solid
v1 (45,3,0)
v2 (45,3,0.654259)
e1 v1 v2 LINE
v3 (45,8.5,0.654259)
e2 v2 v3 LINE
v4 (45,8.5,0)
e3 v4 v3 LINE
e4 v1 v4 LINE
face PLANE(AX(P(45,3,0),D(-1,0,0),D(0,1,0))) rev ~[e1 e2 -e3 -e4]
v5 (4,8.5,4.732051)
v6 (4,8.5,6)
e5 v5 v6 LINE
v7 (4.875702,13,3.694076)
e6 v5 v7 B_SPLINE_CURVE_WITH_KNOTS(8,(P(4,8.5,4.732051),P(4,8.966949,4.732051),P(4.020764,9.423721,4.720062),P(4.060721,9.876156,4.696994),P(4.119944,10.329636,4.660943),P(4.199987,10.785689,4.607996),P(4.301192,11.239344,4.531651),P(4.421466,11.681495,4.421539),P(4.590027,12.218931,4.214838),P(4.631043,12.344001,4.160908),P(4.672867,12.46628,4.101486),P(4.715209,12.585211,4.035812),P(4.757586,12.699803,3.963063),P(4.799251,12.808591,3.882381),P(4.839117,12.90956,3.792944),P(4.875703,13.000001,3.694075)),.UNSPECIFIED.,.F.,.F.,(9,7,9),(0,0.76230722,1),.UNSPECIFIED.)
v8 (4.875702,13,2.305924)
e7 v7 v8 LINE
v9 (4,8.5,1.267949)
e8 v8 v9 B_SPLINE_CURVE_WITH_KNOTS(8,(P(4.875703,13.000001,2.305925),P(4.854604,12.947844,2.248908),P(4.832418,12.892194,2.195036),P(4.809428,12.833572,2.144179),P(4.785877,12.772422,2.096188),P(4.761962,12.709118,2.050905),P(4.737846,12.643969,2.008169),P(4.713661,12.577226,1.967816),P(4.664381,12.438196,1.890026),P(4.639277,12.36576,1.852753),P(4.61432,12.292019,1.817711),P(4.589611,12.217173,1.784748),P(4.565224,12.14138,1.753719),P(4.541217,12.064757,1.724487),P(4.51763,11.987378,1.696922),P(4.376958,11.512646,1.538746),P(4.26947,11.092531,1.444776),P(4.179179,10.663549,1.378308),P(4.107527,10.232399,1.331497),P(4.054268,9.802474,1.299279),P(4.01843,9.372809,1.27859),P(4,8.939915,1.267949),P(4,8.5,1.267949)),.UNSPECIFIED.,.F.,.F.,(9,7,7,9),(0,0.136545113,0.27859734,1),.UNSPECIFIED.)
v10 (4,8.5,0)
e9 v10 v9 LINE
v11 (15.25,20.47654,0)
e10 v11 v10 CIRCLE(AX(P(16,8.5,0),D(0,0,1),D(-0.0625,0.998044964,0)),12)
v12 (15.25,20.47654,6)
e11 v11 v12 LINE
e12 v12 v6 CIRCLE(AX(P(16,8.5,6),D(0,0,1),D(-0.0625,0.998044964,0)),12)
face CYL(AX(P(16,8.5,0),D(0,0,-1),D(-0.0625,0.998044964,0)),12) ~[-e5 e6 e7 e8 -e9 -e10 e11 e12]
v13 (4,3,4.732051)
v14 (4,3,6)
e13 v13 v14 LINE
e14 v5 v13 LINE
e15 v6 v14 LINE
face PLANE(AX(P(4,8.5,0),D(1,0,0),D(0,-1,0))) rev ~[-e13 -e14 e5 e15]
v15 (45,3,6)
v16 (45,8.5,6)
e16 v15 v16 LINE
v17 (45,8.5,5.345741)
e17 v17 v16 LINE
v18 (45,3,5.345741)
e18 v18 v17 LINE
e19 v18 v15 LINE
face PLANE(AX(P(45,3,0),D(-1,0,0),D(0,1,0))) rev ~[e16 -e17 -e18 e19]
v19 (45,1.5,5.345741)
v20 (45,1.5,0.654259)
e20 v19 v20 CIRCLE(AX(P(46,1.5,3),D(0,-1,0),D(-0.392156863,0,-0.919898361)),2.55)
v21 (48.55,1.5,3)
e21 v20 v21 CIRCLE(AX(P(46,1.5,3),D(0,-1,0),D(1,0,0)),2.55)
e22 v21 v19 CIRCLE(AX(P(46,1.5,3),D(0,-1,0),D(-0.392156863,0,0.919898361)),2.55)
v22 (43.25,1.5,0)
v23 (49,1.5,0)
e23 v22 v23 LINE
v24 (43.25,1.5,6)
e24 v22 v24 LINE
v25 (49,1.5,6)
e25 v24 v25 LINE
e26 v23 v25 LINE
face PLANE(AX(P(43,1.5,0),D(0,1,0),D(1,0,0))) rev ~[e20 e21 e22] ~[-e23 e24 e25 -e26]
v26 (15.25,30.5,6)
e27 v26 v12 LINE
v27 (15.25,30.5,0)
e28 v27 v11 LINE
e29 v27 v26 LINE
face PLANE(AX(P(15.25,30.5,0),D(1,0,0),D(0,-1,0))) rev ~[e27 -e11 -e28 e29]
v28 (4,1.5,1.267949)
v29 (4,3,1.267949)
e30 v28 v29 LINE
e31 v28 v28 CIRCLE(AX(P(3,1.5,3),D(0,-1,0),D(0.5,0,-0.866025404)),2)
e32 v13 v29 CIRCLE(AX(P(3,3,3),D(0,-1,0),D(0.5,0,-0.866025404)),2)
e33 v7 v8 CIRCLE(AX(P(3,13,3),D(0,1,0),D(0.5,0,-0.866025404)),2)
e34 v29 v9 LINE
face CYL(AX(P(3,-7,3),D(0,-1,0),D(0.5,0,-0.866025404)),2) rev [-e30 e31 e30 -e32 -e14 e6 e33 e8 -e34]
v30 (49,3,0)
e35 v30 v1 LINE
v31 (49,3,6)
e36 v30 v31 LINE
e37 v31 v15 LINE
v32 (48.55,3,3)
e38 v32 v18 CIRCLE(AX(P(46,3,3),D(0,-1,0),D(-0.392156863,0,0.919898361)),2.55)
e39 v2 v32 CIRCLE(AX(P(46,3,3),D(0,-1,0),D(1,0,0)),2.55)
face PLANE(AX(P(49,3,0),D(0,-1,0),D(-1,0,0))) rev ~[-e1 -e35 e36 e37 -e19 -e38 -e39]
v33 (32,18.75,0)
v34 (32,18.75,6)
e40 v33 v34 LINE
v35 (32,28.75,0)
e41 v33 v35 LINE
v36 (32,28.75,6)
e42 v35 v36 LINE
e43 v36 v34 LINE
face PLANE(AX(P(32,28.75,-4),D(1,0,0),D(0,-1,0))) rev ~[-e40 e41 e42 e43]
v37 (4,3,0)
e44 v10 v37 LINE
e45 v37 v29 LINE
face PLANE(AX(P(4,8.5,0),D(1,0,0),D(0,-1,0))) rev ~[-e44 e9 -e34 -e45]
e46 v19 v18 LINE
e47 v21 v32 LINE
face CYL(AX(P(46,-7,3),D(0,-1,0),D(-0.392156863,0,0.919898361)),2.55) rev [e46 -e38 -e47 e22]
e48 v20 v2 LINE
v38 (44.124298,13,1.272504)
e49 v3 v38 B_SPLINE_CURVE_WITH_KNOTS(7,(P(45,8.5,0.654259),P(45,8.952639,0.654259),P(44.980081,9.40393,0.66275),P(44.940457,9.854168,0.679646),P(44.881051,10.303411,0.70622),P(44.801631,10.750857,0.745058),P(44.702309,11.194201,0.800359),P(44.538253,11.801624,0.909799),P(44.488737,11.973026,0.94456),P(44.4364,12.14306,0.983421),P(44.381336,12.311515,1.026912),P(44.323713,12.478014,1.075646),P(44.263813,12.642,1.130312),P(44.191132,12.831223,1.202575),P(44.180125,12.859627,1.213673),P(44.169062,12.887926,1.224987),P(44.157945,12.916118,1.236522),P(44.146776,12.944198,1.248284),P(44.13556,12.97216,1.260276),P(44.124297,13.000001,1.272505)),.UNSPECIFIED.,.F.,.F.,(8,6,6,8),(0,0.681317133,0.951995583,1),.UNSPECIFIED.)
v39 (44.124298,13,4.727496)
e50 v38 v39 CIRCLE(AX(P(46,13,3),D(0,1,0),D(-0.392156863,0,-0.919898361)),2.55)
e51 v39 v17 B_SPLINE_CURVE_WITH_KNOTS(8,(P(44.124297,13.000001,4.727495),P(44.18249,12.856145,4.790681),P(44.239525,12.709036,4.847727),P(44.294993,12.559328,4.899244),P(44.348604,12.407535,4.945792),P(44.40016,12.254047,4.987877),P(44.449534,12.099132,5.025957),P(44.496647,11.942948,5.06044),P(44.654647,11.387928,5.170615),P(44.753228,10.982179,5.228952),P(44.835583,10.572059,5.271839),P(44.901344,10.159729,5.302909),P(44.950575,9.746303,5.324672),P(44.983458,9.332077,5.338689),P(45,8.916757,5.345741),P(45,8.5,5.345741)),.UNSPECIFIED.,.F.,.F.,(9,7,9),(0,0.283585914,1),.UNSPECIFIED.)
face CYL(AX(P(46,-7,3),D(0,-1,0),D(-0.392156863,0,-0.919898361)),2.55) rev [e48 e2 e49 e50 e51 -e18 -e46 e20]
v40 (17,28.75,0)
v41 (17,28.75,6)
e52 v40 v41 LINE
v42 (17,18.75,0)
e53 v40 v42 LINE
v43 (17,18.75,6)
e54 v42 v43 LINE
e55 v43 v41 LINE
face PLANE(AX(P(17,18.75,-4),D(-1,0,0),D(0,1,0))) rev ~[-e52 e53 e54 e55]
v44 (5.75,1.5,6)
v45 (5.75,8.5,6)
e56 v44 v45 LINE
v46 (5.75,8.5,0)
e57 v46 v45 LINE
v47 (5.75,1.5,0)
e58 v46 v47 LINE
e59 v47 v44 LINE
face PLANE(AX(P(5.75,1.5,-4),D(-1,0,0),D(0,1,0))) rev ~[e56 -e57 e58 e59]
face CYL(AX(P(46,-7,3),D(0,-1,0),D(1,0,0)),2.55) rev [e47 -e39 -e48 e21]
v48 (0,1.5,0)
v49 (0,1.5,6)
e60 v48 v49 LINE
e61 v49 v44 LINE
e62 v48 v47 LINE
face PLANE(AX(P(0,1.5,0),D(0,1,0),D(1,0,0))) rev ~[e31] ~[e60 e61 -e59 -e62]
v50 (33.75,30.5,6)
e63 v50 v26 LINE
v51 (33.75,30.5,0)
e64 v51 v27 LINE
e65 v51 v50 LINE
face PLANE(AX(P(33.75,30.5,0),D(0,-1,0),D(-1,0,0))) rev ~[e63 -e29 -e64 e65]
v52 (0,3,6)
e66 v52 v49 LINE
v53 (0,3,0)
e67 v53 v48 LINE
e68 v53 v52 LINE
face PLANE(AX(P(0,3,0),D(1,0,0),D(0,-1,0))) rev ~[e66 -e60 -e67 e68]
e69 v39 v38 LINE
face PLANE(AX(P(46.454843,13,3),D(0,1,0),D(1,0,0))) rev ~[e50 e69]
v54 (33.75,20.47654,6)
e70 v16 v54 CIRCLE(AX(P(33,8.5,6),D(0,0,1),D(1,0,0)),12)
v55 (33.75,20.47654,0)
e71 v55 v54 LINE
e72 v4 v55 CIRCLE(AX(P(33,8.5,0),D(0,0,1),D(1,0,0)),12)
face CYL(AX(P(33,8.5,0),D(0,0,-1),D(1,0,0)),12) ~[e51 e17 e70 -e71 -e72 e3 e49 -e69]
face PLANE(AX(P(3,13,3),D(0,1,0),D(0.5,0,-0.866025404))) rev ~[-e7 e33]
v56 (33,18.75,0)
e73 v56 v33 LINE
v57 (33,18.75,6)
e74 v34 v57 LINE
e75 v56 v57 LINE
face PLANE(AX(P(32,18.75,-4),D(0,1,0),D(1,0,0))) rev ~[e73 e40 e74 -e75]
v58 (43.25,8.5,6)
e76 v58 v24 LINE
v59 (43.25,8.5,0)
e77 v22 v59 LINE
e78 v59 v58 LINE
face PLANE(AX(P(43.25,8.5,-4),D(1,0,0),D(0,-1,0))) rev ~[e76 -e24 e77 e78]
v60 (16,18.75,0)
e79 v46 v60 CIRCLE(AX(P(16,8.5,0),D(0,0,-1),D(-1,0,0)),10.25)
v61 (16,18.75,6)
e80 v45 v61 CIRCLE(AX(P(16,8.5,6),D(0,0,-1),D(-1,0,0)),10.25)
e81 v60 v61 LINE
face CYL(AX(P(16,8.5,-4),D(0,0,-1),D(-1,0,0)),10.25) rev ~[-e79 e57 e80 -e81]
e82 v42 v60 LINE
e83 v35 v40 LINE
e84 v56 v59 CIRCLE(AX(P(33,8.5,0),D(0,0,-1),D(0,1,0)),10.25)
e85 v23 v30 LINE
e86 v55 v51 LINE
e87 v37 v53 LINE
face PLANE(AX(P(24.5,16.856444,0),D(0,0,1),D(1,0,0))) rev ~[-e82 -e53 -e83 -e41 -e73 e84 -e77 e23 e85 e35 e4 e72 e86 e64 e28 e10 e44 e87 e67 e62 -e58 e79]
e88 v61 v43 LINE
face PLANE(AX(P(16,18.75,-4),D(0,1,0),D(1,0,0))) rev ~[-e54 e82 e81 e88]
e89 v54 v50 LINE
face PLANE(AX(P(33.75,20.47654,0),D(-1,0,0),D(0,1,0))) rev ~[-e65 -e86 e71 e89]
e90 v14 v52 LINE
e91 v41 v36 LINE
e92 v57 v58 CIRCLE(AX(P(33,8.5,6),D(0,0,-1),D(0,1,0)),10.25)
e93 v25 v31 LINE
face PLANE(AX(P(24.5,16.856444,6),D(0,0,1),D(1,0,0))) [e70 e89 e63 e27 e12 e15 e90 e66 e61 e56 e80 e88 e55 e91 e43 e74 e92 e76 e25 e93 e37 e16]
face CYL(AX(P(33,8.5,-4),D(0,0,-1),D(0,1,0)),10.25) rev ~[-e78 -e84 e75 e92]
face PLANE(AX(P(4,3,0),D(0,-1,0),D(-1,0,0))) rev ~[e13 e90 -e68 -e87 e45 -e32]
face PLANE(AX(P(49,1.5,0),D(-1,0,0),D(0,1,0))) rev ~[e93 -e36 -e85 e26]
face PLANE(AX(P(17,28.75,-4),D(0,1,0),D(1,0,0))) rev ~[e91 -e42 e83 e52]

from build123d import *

# Parameters (mm, degrees)
EXTRUDE_1_DEPTH          = 6
CUT_EXTRUDE_1_DEPTH      = 10
CUT_EXTRUDE_1_DEPTH_BACK = 10
SKETCH_2_R               = 2
CUT_EXTRUDE_START        = -10
CUT_EXTRUDE_2_DEPTH      = 10


with BuildPart() as part:
    # 스케치1 → 보스-돌출1 (new body)
    with BuildSketch(Plane.XY):
        with BuildLine():
            Line((31.75, 18.5), (33, 18.5))
            ThreePointArc((33, 18.5), (40.071067812, 15.571067812), (43, 8.5))
            Line((43, 8.5), (43, 1.5))
            Line((43, 1.5), (49, 1.5))
            Line((49, 1.5), (49, 3))
            Line((49, 3), (45, 3))
            Line((45, 3), (45, 8.5))
            ThreePointArc((45, 8.5), (41.746427842, 16.715838363), (33.75, 20.476539567))
            Line((33.75, 20.476539567), (33.75, 30.5))
            Line((33.75, 30.5), (15.25, 30.5))
            Line((15.25, 30.5), (15.25, 20.476539567))
            ThreePointArc((15.25, 20.476539567), (7.253572158, 16.715838363), (4, 8.5))
            Line((4, 8.5), (4, 3))
            Line((4, 3), (0, 3))
            Line((0, 3), (0, 1.5))
            Line((0, 1.5), (6, 1.5))
            Line((6, 1.5), (6, 8.5))
            ThreePointArc((6, 8.5), (8.928932188, 15.571067812), (16, 18.5))
            Line((16, 18.5), (17.25, 18.5))
            Line((17.25, 18.5), (17.25, 28.5))
            Line((17.25, 28.5), (31.75, 28.5))
            Line((31.75, 28.5), (31.75, 18.5))
        make_face()
    extrude(amount=EXTRUDE_1_DEPTH)

    # 스케치2 → 컷-돌출1 (cut, two sides: drawn at the far end of the back side and taken through both)
    with BuildSketch(Plane(origin=(0, 3, 0), x_dir=(1, 0, 0), z_dir=(0, 1, 0)).offset(-CUT_EXTRUDE_1_DEPTH_BACK)):
        with BuildLine():
            ThreePointArc((45, -5.345740821), (47.405791592, -5.127498531), (48.55, -3))
            ThreePointArc((48.55, -3), (47.405791592, -0.872501469), (45, -0.654259179))
            Line((45, -0.654259179), (45, -5.345740821))
        make_face()
        with BuildLine():
            Line((45, -5.345740821), (45, -0.654259179))
            ThreePointArc((45, -0.654259179), (43.45, -3), (45, -5.345740821))
        make_face()
        with Locations(Location((3, -3, 0), (0, 0, 60))):
            Circle(SKETCH_2_R)
    extrude(amount=CUT_EXTRUDE_1_DEPTH + CUT_EXTRUDE_1_DEPTH_BACK, mode=Mode.SUBTRACT)

    # 스케치3 → 컷-돌출2 (cut)
    with BuildSketch(Plane.XY.offset(6).offset(CUT_EXTRUDE_START)):
        with BuildLine():
            Line((5.75, 1.5), (5.75, 8.5))
            ThreePointArc((5.75, 8.5), (8.752155493, 15.747844507), (16, 18.75))
            Line((16, 18.75), (17, 18.75))
            Line((17, 18.75), (17, 28.75))
            Line((17, 28.75), (32, 28.75))
            Line((32, 28.75), (32, 18.75))
            Line((32, 18.75), (33, 18.75))
            ThreePointArc((33, 18.75), (40.247844507, 15.747844507), (43.25, 8.5))
            Line((43.25, 8.5), (43.25, 1.5))
            Line((43.25, 1.5), (43, 1.5))
            Line((43, 1.5), (43, 8.5))
            ThreePointArc((43, 8.5), (40.071067812, 15.571067812), (33, 18.5))
            Line((33, 18.5), (31.75, 18.5))
            Line((31.75, 18.5), (31.75, 28.5))
            Line((31.75, 28.5), (17.25, 28.5))
            Line((17.25, 28.5), (17.25, 18.5))
            Line((17.25, 18.5), (16, 18.5))
            ThreePointArc((16, 18.5), (8.928932188, 15.571067812), (6, 8.5))
            Line((6, 8.5), (6, 1.5))
            Line((6, 1.5), (5.75, 1.5))
        make_face()
    extrude(amount=CUT_EXTRUDE_2_DEPTH, mode=Mode.SUBTRACT)


solid = part.part
